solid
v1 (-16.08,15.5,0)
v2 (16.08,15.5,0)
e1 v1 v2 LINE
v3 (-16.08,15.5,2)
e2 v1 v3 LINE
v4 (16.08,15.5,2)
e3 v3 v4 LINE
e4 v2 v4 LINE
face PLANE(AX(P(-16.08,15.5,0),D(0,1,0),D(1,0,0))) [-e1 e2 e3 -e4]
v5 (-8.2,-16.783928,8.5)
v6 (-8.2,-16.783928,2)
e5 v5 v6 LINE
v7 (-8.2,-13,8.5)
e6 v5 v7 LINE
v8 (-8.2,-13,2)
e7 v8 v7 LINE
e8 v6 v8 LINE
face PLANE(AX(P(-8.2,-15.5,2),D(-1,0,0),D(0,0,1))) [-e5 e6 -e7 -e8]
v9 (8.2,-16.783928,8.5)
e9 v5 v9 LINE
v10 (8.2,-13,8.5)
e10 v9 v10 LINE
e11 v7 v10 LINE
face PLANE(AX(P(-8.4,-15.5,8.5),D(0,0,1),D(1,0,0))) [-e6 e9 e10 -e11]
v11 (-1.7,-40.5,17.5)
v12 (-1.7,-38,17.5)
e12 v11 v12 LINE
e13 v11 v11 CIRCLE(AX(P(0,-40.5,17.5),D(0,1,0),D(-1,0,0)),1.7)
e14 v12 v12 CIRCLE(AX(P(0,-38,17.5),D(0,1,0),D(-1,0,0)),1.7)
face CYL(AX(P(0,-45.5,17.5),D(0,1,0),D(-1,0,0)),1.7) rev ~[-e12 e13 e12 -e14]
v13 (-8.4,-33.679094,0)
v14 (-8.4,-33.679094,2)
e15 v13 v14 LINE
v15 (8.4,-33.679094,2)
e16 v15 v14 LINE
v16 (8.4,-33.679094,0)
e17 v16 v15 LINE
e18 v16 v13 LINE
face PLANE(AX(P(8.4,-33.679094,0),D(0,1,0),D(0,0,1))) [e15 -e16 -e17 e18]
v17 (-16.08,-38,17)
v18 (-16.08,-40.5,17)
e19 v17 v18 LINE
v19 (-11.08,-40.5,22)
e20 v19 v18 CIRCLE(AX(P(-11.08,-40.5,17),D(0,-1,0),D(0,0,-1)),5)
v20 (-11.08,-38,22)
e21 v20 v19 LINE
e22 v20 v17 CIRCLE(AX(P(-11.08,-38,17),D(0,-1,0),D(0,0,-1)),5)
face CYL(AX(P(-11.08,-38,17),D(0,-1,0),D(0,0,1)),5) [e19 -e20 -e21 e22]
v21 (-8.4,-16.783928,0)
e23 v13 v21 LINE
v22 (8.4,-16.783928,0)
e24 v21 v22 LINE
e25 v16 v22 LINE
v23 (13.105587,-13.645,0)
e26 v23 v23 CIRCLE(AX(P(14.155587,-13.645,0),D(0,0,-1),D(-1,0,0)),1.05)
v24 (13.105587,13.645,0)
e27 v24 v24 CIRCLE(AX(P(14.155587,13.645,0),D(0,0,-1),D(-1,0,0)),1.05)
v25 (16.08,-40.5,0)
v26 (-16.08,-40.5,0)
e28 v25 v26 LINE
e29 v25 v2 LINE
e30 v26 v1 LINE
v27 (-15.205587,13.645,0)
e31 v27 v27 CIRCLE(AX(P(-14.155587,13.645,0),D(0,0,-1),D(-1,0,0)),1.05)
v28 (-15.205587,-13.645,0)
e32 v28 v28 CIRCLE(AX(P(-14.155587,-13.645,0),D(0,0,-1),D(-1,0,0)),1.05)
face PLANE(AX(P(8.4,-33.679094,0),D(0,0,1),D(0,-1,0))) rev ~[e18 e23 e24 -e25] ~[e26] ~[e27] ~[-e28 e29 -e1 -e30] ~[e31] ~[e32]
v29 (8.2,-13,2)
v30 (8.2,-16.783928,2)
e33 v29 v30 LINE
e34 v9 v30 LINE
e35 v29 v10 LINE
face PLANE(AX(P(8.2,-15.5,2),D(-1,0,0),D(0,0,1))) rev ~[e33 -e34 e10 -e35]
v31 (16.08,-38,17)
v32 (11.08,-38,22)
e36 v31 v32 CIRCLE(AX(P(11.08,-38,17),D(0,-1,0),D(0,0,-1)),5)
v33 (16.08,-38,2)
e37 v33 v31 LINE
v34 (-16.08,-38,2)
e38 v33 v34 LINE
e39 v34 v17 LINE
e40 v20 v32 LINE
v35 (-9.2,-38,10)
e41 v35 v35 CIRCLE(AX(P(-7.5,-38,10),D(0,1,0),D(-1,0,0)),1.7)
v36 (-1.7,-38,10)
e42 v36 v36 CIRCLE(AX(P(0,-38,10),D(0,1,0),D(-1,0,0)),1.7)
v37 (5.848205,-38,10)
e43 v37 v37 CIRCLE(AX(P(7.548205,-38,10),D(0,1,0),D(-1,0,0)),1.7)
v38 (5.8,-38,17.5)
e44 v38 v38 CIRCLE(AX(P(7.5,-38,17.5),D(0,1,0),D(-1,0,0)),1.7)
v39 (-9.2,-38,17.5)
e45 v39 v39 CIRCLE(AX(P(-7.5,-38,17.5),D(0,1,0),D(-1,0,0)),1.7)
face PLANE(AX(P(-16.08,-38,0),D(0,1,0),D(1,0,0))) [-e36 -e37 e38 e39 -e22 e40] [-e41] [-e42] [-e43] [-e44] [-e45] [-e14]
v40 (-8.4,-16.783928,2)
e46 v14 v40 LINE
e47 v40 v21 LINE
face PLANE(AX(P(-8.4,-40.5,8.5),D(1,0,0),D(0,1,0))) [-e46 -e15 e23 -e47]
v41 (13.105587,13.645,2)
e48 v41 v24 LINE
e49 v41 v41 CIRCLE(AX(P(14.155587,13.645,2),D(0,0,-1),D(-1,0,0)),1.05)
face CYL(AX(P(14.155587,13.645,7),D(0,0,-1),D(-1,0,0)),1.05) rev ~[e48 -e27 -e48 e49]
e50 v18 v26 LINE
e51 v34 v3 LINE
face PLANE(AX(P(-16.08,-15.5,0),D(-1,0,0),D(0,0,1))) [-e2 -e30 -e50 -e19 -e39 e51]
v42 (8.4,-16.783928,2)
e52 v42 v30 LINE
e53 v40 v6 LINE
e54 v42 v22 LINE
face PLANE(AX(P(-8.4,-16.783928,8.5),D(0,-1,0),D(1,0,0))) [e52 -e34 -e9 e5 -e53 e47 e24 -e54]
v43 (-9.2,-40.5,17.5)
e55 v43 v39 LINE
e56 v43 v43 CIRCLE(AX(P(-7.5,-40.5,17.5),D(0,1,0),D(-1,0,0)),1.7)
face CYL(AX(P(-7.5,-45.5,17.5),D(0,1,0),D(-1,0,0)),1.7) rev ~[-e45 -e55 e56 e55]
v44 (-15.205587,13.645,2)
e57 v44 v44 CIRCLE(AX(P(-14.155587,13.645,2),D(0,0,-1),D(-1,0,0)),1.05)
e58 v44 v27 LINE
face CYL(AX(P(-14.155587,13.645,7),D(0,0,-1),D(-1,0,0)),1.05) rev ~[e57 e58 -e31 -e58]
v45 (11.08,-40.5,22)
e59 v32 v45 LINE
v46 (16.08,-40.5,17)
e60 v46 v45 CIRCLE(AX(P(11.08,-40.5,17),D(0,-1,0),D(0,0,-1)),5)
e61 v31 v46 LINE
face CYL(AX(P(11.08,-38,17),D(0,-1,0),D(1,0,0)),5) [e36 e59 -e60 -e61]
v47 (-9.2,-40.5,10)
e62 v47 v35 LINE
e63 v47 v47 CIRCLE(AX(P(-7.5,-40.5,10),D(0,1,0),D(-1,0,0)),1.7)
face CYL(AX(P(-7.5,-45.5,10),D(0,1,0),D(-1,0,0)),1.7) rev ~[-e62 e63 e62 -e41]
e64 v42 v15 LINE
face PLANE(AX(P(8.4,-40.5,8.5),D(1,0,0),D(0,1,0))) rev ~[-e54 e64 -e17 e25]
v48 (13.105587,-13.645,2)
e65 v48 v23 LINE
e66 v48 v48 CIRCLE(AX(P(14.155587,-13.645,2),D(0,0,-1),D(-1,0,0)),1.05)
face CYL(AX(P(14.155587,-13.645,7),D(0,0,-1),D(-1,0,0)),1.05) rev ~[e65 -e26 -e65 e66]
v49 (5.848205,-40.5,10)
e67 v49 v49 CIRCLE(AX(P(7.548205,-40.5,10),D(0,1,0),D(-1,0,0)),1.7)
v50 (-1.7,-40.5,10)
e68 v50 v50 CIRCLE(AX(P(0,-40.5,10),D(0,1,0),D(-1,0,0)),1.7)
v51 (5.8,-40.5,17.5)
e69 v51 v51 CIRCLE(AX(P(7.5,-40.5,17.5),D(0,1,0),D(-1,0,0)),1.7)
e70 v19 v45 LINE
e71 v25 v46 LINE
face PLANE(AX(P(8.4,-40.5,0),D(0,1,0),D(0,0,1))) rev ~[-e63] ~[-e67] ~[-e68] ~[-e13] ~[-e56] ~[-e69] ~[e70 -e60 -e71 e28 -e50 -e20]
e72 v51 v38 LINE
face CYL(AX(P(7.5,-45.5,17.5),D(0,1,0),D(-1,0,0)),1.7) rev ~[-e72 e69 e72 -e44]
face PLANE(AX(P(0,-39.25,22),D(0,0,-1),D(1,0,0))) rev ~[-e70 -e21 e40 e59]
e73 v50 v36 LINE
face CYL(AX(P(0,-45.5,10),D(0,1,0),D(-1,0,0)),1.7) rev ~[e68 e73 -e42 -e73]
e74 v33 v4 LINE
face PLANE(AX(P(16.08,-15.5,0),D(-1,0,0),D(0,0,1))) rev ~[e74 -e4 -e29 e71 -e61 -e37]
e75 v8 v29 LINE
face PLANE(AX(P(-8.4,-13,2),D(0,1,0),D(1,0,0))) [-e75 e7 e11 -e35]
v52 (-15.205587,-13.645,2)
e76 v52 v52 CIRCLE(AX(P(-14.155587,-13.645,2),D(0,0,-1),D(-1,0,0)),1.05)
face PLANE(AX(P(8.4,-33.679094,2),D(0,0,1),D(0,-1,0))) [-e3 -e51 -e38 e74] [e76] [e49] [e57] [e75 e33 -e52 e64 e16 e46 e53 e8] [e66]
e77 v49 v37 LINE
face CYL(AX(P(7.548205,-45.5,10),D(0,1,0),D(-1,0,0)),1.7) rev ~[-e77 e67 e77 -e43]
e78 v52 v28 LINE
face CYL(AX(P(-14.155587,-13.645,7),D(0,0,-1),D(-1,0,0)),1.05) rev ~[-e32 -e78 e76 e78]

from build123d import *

# Parameters (mm, degrees)
F0_W      = 32.16
F0_H      = 31
F1_DEPTH  = 2
F3_D      = 2.1
F3_DEPTH  = 5
F3_TIP    = 0.63090365
F4_W      = 16.8
F4_H      = 2.5
F5_DEPTH  = 6.5
F6_DEPTH  = 25
F7_W      = 16.8
F7_H      = 23.7160715014
F8_DEPTH  = 25
F9_W      = 6.8209058344
F9_H      = 2
F10_DEPTH = 18
F11_W     = 32.16
F11_H     = 2.5
F12_DEPTH = 22
F14_D     = 3.4
F14_DEPTH = 5
F14_TIP   = 1.0214630523
F15_DEPTH = 0.2
F16_DEPTH = 0.2
F17_R     = 5


with BuildPart() as f1:
    # F0 (on Top) → F1 (new body)
    with BuildSketch(Plane.XY):
        Rectangle(F0_W, F0_H)
    extrude(amount=F1_DEPTH)

    # F3
    with Locations(Plane.XY.offset(2)):
        with Locations((-14.1555870968, 13.645), (14.1555870968, 13.645), (-14.1555870968, -13.645), (14.1555870968, -13.645)):
            Hole(F3_D / 2, depth=F3_DEPTH)
            with Locations((0, 0, -(F3_DEPTH + F3_TIP / 2))):  # 118° drill point
                Cone(0, F3_D / 2, F3_TIP, mode=Mode.SUBTRACT)

    # F4 (on face) → F5 (join)
    with BuildSketch(Plane.XY.offset(2)):
        with Locations((0, -14.25)):
            Rectangle(F4_W, F4_H)
    extrude(amount=F5_DEPTH)

    # F6 (add): a face of the model
    f6_faces = [f1.faces().sort_by_distance(p)[0] for p in [
        (0, -15.5, 3.6746196404),
    ]]
    extrude(f6_faces, amount=F6_DEPTH)

    # F7 (on face) → F8 (cut)
    with BuildSketch(Plane.XY.offset(8.5)):
        with Locations((0, -28.6419642493)):
            Rectangle(F7_W, F7_H)
    extrude(amount=-F8_DEPTH, mode=Mode.SUBTRACT)

    # F9 (on face) → F10 (join)
    with BuildSketch(Plane(origin=(8.4, 0, 0), x_dir=(0, -1, 0), z_dir=(-1, 0, 0))):
        with Locations((37.0895470828, 1)):
            Rectangle(F9_W, F9_H)
    extrude(amount=F10_DEPTH)

    # F11 (on face) → F12 (join)
    with BuildSketch(Plane(origin=(0, 0, 0), x_dir=(1, 0, 0), z_dir=(0, 0, -1))):
        with Locations((0, 39.25)):
            Rectangle(F11_W, F11_H)
    extrude(amount=-F12_DEPTH)

    # F14
    with Locations(Plane.XZ.offset(40.5)):
        with Locations((-7.5, 17.5), (-7.5, 10), (0, 10), (0, 17.5), (7.5, 17.5), (7.5482047356, 10)):
            Hole(F14_D / 2, depth=F14_DEPTH)
            with Locations((0, 0, -(F14_DEPTH + F14_TIP / 2))):  # 118° drill point
                Cone(0, F14_D / 2, F14_TIP, mode=Mode.SUBTRACT)

    # F15 (cut): a face of the model
    f15_faces = [f1.faces().sort_by_distance(p)[0] for p in [
        (8.4, -14.8919642493, 5.25),
    ]]
    extrude(f15_faces, amount=-F15_DEPTH, mode=Mode.SUBTRACT)

    # F16 (cut): a face of the model
    f16_faces = [f1.faces().sort_by_distance(p)[0] for p in [
        (-8.4, -14.8919642493, 5.25),
    ]]
    extrude(f16_faces, amount=-F16_DEPTH, mode=Mode.SUBTRACT)

    # F17
    f17_edges = [f1.edges().sort_by_distance(p)[0] for p in [
        (-16.08, -39.25, 22),
        (16.08, -39.25, 22),
    ]]
    fillet(f17_edges, radius=F17_R)


solid = f1.part
